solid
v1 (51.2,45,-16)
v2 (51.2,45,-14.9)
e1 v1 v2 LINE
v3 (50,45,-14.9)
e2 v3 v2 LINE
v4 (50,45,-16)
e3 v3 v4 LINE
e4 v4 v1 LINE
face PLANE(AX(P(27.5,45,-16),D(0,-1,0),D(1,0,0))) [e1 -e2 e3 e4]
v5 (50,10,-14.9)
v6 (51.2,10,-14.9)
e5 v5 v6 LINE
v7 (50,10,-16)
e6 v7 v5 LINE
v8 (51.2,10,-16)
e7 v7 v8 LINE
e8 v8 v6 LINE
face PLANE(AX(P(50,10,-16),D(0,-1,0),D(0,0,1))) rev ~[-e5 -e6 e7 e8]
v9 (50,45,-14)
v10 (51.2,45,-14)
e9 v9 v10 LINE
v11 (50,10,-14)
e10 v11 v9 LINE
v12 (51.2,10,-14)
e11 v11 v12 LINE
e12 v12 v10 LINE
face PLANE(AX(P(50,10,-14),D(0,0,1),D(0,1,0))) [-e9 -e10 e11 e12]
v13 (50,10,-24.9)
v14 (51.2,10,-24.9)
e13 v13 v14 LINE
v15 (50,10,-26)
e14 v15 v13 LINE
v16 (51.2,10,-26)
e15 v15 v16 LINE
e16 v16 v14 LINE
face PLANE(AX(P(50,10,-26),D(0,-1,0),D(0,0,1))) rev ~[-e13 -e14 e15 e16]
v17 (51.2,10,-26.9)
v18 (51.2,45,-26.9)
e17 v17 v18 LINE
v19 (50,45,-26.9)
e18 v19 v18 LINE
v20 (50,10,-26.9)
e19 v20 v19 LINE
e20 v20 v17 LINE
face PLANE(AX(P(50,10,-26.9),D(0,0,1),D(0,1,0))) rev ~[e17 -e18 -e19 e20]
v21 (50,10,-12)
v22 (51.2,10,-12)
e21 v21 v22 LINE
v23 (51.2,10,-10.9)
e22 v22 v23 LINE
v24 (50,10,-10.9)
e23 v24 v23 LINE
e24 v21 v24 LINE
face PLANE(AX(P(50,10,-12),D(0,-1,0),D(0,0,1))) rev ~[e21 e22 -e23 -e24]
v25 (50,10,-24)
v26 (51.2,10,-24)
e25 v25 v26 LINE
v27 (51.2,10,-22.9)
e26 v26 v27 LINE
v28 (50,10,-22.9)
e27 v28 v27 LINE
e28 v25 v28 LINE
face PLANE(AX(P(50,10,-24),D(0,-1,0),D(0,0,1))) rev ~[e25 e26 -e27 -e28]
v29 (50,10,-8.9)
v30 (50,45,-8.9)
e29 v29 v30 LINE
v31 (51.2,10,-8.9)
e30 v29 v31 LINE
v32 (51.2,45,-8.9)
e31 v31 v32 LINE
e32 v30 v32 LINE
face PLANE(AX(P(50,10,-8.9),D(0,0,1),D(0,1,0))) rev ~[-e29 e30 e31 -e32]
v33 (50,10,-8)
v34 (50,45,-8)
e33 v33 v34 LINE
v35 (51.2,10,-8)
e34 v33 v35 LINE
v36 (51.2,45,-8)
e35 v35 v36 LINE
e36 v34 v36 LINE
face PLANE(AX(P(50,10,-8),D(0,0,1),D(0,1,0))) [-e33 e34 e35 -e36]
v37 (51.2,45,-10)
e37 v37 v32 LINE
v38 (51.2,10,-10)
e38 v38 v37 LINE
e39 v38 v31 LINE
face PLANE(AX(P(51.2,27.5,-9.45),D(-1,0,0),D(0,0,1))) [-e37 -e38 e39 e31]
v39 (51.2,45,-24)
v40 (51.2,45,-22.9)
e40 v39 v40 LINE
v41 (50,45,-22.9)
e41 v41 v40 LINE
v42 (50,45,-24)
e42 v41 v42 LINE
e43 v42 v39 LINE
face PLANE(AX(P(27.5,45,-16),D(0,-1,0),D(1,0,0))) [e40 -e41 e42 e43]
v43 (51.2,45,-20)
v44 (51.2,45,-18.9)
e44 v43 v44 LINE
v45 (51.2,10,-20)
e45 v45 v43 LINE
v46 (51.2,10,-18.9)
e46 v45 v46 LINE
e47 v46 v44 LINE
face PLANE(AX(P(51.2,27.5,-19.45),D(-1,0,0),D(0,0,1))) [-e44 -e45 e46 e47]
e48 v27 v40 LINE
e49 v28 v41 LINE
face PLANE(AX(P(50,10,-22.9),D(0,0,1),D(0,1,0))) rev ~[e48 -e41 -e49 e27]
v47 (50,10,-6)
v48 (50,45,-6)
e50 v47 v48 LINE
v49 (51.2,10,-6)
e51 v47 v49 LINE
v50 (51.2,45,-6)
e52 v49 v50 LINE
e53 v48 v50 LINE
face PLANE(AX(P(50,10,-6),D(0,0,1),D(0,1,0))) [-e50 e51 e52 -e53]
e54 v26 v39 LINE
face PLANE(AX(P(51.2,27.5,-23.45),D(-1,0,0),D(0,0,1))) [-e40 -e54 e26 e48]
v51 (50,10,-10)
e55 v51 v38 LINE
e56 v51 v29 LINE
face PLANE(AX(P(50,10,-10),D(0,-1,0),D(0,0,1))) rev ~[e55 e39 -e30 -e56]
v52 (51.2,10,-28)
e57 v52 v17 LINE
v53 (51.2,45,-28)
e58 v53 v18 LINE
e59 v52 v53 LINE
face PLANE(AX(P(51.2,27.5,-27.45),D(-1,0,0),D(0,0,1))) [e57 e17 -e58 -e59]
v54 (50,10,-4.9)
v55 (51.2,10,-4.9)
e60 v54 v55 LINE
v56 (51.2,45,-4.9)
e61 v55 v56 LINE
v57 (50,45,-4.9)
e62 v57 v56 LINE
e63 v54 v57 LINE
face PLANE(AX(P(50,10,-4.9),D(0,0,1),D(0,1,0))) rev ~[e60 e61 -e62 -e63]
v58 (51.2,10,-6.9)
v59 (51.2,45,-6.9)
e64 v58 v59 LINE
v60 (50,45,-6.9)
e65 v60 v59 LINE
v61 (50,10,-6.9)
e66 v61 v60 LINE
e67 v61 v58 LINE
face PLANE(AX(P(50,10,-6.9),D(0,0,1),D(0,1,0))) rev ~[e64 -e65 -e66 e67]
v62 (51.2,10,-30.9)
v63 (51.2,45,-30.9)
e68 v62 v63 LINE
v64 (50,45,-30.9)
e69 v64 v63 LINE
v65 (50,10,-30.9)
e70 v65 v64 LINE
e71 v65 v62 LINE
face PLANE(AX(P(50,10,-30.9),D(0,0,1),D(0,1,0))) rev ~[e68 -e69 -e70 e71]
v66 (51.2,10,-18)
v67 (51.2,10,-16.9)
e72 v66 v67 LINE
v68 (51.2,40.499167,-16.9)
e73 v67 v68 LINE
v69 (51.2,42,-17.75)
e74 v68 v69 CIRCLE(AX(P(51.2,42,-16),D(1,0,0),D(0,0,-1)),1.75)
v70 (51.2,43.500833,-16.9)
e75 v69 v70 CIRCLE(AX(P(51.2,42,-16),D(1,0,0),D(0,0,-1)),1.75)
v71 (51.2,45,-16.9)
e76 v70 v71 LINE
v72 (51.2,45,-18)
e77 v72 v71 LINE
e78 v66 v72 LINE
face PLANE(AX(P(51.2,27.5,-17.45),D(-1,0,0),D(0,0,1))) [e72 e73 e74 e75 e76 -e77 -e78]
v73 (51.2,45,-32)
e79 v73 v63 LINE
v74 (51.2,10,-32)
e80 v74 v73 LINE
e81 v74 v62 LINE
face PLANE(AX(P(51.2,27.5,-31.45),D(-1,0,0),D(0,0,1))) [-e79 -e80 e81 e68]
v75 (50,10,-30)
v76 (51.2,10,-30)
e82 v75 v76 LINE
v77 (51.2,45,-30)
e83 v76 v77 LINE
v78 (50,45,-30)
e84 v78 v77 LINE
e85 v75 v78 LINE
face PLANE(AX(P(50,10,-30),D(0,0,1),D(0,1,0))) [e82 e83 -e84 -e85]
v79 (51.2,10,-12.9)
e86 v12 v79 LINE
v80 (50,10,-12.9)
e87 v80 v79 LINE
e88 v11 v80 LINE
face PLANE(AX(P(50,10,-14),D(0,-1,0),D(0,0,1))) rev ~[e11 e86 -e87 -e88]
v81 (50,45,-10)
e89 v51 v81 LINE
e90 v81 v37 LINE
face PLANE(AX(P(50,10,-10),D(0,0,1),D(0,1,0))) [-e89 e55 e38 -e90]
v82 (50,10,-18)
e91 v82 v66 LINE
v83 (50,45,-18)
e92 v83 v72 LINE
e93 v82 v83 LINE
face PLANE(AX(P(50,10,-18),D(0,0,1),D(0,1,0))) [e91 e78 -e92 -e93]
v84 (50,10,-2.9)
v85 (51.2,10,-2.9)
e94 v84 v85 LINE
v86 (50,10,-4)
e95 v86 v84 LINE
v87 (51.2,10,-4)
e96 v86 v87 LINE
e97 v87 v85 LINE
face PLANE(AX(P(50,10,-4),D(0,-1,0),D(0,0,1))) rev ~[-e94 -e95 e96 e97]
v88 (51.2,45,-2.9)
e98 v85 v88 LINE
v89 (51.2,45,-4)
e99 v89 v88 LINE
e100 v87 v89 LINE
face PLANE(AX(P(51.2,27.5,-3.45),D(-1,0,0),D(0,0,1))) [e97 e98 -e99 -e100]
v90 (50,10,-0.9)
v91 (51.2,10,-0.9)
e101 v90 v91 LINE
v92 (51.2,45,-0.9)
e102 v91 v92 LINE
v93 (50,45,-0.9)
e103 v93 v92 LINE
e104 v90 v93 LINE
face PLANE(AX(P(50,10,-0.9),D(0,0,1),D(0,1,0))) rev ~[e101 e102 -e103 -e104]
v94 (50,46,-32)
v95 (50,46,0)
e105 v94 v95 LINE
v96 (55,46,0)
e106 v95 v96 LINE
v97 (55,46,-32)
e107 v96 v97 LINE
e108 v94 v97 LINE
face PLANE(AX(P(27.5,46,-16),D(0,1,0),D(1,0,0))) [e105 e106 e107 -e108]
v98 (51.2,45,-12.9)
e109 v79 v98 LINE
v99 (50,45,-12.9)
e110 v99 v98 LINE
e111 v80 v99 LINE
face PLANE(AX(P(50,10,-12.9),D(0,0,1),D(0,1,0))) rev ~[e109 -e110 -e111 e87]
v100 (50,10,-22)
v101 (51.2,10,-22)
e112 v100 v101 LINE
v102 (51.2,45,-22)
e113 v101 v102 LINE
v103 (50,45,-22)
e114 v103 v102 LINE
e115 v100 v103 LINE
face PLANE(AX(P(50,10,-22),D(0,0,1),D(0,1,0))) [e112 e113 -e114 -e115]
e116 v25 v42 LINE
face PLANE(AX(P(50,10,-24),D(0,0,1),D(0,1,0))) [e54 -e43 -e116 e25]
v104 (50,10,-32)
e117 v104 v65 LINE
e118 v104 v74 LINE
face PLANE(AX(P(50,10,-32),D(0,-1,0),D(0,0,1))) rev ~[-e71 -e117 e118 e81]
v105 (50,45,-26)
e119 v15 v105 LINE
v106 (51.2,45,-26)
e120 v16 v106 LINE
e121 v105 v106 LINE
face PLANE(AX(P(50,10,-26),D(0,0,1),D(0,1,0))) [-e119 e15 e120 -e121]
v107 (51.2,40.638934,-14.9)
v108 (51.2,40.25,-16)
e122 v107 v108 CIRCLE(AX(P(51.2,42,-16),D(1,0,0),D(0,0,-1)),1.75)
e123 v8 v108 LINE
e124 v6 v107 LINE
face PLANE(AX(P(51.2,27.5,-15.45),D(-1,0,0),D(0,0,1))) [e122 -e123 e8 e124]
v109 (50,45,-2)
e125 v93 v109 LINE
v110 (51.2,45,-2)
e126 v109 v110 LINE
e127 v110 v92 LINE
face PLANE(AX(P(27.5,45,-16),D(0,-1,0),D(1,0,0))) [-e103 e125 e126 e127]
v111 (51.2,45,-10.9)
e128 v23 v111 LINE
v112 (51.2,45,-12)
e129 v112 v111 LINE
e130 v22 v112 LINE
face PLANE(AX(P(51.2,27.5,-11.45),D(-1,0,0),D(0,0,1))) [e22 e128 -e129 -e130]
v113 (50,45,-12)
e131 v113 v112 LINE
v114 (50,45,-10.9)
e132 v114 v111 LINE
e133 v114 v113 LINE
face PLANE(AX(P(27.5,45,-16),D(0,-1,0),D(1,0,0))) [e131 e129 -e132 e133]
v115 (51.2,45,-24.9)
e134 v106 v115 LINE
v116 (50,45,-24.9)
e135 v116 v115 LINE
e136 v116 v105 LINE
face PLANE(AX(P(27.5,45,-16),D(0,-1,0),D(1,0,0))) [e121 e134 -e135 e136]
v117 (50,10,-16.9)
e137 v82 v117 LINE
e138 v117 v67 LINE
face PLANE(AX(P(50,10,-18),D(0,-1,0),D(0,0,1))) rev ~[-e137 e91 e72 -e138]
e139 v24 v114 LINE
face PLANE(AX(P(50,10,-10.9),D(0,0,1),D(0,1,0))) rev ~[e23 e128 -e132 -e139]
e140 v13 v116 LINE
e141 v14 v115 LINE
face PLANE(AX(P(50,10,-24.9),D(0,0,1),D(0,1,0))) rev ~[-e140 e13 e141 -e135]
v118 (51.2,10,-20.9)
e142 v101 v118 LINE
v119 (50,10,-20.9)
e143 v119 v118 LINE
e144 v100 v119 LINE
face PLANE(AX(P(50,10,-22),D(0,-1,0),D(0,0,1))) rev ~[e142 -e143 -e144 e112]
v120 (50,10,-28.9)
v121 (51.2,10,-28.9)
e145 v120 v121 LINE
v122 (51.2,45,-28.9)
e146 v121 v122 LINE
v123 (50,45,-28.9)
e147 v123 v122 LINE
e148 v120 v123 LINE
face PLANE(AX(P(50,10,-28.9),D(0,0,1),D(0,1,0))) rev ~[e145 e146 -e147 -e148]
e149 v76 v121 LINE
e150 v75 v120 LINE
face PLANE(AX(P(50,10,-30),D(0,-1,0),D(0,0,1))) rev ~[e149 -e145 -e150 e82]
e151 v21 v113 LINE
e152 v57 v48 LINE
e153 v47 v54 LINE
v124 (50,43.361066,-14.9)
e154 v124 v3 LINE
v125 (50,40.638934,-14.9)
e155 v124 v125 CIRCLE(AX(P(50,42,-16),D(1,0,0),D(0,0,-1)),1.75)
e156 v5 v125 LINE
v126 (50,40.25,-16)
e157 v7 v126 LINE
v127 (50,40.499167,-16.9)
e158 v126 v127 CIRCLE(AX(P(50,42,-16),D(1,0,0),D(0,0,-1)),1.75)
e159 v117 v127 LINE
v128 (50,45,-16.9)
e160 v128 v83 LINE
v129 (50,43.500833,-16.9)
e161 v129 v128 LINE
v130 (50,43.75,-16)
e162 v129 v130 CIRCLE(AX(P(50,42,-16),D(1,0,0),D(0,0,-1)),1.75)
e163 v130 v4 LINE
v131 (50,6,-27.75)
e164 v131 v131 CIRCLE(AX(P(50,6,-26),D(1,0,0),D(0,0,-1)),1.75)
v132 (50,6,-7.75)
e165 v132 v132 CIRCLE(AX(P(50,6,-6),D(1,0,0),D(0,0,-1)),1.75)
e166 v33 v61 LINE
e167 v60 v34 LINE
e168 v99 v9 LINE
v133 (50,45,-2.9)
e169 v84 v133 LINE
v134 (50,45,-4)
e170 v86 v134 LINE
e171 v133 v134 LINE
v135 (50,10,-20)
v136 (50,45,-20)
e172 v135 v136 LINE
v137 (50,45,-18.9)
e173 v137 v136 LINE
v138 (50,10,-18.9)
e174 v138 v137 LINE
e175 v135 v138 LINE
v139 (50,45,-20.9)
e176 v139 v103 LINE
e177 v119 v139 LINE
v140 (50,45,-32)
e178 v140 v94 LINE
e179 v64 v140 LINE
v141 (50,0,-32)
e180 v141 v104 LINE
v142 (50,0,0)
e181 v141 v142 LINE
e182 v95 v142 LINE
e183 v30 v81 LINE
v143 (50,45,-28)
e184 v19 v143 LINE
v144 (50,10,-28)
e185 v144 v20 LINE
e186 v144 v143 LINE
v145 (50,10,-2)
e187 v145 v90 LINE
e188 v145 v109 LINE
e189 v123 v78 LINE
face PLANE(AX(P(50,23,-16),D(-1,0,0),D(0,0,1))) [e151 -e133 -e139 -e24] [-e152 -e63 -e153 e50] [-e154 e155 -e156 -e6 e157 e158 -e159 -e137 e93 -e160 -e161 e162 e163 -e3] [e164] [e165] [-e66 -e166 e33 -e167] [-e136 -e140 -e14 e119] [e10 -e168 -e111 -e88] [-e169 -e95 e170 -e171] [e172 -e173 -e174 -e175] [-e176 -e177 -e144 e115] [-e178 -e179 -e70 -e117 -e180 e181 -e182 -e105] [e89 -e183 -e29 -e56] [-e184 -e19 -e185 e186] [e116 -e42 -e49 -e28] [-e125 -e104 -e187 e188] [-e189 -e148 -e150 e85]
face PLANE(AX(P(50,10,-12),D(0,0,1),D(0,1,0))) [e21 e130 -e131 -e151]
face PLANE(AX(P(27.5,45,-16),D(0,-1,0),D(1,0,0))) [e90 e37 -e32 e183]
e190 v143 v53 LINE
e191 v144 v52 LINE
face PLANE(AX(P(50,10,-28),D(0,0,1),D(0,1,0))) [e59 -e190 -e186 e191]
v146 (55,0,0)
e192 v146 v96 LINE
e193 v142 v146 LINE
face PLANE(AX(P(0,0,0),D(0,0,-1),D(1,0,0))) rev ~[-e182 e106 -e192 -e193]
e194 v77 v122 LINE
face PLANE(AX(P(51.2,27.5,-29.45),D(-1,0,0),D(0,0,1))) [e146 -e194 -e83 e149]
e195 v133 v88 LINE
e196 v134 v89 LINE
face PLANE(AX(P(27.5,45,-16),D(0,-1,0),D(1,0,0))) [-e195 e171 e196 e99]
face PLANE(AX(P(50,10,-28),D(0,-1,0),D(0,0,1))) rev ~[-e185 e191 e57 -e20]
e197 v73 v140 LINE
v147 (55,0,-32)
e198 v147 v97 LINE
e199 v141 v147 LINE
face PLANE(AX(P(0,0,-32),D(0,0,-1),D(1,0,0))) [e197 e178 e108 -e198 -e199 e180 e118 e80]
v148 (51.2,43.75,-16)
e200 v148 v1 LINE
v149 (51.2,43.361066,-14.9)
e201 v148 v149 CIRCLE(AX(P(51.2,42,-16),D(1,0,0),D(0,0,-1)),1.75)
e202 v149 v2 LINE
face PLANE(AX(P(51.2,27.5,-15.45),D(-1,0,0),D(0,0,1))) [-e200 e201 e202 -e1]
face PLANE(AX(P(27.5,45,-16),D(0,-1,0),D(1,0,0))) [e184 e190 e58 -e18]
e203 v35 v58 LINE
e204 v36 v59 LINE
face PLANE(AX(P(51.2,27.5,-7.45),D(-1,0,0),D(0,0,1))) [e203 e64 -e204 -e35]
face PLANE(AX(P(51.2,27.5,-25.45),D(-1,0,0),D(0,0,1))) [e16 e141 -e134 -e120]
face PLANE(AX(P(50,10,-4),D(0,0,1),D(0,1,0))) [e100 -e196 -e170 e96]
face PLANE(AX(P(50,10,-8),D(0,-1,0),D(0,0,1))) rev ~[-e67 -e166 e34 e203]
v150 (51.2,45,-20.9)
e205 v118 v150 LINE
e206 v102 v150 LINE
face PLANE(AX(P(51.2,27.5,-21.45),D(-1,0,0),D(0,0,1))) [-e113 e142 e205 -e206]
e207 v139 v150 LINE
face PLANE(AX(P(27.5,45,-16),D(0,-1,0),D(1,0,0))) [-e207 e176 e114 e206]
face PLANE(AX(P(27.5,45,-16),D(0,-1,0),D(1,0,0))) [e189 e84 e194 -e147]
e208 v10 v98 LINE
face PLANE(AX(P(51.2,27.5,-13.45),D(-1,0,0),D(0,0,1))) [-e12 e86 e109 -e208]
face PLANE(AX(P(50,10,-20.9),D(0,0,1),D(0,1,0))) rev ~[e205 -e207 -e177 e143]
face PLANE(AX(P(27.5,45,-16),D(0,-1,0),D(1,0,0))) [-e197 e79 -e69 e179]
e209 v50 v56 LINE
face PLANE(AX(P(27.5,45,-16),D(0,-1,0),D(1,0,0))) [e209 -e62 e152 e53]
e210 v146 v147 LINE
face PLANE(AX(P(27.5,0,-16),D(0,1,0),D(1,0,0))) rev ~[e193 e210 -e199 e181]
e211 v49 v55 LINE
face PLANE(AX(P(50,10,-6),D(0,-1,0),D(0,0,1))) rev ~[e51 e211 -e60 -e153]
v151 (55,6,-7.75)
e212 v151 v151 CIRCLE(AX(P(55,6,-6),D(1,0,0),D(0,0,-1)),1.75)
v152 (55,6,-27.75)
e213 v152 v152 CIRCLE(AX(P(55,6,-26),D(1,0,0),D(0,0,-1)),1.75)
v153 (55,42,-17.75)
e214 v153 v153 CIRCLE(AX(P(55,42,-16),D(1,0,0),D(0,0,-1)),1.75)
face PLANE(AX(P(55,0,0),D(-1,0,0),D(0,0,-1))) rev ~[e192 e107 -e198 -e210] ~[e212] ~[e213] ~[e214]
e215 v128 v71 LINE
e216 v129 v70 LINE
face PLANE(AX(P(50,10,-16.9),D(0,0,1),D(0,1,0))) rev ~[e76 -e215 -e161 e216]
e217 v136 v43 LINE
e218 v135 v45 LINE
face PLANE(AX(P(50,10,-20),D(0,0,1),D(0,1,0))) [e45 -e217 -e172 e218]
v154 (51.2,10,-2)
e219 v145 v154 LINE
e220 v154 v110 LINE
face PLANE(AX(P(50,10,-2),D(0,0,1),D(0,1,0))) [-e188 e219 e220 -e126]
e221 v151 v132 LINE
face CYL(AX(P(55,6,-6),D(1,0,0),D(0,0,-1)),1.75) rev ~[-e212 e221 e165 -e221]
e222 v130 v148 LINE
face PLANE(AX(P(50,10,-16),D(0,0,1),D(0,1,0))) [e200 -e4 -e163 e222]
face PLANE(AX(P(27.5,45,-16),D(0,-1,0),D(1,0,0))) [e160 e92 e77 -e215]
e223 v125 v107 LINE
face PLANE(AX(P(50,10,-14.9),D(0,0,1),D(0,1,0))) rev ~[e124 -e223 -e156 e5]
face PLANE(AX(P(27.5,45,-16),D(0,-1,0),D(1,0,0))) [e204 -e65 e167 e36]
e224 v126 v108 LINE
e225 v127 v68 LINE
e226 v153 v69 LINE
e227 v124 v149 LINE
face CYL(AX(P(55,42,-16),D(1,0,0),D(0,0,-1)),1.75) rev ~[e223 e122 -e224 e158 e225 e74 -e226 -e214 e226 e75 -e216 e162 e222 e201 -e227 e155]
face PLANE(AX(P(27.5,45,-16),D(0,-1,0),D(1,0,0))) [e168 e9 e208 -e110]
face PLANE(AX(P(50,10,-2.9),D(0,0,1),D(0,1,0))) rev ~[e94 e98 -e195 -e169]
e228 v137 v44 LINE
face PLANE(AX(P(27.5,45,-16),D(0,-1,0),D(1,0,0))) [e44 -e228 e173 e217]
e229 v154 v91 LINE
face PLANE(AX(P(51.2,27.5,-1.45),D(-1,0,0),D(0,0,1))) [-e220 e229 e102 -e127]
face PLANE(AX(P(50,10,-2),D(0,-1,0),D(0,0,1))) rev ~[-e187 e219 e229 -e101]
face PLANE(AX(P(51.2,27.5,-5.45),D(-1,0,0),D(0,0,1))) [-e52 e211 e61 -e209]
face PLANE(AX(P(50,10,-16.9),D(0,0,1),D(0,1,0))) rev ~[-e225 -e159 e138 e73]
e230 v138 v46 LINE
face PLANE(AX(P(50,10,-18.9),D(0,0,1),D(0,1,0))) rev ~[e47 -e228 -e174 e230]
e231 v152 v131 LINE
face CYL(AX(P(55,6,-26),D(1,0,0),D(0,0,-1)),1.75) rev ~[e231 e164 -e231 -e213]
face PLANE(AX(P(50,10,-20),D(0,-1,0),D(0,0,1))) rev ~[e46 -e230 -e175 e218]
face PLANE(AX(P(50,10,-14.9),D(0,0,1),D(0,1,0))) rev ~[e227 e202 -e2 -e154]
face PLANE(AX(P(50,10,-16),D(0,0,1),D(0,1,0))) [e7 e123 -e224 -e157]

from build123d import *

# Parameters (mm, degrees)
SKETCH1_W           = 55
SKETCH1_H           = 32
BOSS_EXTRUDE1_DEPTH = 46
SKETCH2_W           = 45
SKETCH2_H           = 32
CUT_EXTRUDE1_DEPTH  = 45
SKETCH3_R           = 1.75
CUT_EXTRUDE2_DEPTH  = 47
SKETCH4_R           = 1.75
CUT_EXTRUDE3_DEPTH  = 56
SKETCH5_W           = 1.1
SKETCH5_H           = 35
CUT_EXTRUDE4_DEPTH  = 1.2
SKETCH7_W           = 32
SKETCH7_H           = 46
CUT_EXTRUDE5_DEPTH  = 50


with BuildPart() as part:
    # Sketch1 → Boss-Extrude1 (new body)
    with BuildSketch(Plane(origin=(0, 0, 0), x_dir=(1, 0, 0), z_dir=(0, 1, 0))):
        with Locations((27.5, 16)):
            Rectangle(SKETCH1_W, SKETCH1_H)
    extrude(amount=BOSS_EXTRUDE1_DEPTH)

    # Sketch2 → Cut-Extrude1 (cut)
    with BuildSketch(Plane.XZ):
        with Locations((27.5, -16)):
            Rectangle(SKETCH2_W, SKETCH2_H)
    extrude(amount=-CUT_EXTRUDE1_DEPTH, mode=Mode.SUBTRACT)

    # Sketch3 → Cut-Extrude2 (cut, through all)
    with BuildSketch(Plane(origin=(0, 46, 0), x_dir=(1, 0, 0), z_dir=(0, 1, 0))):
        with Locations((43.5, 26)):
            Circle(SKETCH3_R)
        with Locations((43.5, 6)):
            Circle(SKETCH3_R)
        with Locations((11.5, 26)):
            Circle(SKETCH3_R)
        with Locations((11.5, 6)):
            Circle(SKETCH3_R)
    extrude(amount=-CUT_EXTRUDE2_DEPTH, mode=Mode.SUBTRACT)

    # Sketch4 → Cut-Extrude3 (cut, through all)
    with BuildSketch(Plane(origin=(55, 0, 0), x_dir=(0, 0, -1), z_dir=(1, 0, 0))):
        with Locations((6, 6)):
            Circle(SKETCH4_R)
        with Locations((26, 6)):
            Circle(SKETCH4_R)
        with Locations((16, 42)):
            Circle(SKETCH4_R)
    extrude(amount=-CUT_EXTRUDE3_DEPTH, mode=Mode.SUBTRACT)

    # Sketch5 → Cut-Extrude4 (cut)
    with BuildSketch(Plane.ZY.offset(-50)):
        with Locations((-29.45, 27.5)):
            Rectangle(SKETCH5_W, SKETCH5_H)
        with Locations((-31.45, 27.5)):
            Rectangle(SKETCH5_W, SKETCH5_H)
        with Locations((-27.45, 27.5)):
            Rectangle(SKETCH5_W, SKETCH5_H)
        with Locations((-25.45, 27.5)):
            Rectangle(SKETCH5_W, SKETCH5_H)
        with Locations((-23.45, 27.5)):
            Rectangle(SKETCH5_W, SKETCH5_H)
        with Locations((-21.45, 27.5)):
            Rectangle(SKETCH5_W, SKETCH5_H)
        with Locations((-19.45, 27.5)):
            Rectangle(SKETCH5_W, SKETCH5_H)
        with Locations((-17.45, 27.5)):
            Rectangle(SKETCH5_W, SKETCH5_H)
        with Locations((-15.45, 27.5)):
            Rectangle(SKETCH5_W, SKETCH5_H)
        with Locations((-13.45, 27.5)):
            Rectangle(SKETCH5_W, SKETCH5_H)
        with Locations((-11.45, 27.5)):
            Rectangle(SKETCH5_W, SKETCH5_H)
        with Locations((-9.45, 27.5)):
            Rectangle(SKETCH5_W, SKETCH5_H)
        with Locations((-7.45, 27.5)):
            Rectangle(SKETCH5_W, SKETCH5_H)
        with Locations((-5.45, 27.5)):
            Rectangle(SKETCH5_W, SKETCH5_H)
        with Locations((-3.45, 27.5)):
            Rectangle(SKETCH5_W, SKETCH5_H)
        with Locations((-1.45, 27.5)):
            Rectangle(SKETCH5_W, SKETCH5_H)
        with Locations((0.55, 27.5)):
            Rectangle(SKETCH5_W, SKETCH5_H)
    extrude(amount=-CUT_EXTRUDE4_DEPTH, mode=Mode.SUBTRACT)

    # Sketch7 → Cut-Extrude5 (cut)
    with BuildSketch(Plane.ZY):
        with Locations((-16, 23)):
            Rectangle(SKETCH7_W, SKETCH7_H)
    extrude(amount=-CUT_EXTRUDE5_DEPTH, mode=Mode.SUBTRACT)


solid = part.part
